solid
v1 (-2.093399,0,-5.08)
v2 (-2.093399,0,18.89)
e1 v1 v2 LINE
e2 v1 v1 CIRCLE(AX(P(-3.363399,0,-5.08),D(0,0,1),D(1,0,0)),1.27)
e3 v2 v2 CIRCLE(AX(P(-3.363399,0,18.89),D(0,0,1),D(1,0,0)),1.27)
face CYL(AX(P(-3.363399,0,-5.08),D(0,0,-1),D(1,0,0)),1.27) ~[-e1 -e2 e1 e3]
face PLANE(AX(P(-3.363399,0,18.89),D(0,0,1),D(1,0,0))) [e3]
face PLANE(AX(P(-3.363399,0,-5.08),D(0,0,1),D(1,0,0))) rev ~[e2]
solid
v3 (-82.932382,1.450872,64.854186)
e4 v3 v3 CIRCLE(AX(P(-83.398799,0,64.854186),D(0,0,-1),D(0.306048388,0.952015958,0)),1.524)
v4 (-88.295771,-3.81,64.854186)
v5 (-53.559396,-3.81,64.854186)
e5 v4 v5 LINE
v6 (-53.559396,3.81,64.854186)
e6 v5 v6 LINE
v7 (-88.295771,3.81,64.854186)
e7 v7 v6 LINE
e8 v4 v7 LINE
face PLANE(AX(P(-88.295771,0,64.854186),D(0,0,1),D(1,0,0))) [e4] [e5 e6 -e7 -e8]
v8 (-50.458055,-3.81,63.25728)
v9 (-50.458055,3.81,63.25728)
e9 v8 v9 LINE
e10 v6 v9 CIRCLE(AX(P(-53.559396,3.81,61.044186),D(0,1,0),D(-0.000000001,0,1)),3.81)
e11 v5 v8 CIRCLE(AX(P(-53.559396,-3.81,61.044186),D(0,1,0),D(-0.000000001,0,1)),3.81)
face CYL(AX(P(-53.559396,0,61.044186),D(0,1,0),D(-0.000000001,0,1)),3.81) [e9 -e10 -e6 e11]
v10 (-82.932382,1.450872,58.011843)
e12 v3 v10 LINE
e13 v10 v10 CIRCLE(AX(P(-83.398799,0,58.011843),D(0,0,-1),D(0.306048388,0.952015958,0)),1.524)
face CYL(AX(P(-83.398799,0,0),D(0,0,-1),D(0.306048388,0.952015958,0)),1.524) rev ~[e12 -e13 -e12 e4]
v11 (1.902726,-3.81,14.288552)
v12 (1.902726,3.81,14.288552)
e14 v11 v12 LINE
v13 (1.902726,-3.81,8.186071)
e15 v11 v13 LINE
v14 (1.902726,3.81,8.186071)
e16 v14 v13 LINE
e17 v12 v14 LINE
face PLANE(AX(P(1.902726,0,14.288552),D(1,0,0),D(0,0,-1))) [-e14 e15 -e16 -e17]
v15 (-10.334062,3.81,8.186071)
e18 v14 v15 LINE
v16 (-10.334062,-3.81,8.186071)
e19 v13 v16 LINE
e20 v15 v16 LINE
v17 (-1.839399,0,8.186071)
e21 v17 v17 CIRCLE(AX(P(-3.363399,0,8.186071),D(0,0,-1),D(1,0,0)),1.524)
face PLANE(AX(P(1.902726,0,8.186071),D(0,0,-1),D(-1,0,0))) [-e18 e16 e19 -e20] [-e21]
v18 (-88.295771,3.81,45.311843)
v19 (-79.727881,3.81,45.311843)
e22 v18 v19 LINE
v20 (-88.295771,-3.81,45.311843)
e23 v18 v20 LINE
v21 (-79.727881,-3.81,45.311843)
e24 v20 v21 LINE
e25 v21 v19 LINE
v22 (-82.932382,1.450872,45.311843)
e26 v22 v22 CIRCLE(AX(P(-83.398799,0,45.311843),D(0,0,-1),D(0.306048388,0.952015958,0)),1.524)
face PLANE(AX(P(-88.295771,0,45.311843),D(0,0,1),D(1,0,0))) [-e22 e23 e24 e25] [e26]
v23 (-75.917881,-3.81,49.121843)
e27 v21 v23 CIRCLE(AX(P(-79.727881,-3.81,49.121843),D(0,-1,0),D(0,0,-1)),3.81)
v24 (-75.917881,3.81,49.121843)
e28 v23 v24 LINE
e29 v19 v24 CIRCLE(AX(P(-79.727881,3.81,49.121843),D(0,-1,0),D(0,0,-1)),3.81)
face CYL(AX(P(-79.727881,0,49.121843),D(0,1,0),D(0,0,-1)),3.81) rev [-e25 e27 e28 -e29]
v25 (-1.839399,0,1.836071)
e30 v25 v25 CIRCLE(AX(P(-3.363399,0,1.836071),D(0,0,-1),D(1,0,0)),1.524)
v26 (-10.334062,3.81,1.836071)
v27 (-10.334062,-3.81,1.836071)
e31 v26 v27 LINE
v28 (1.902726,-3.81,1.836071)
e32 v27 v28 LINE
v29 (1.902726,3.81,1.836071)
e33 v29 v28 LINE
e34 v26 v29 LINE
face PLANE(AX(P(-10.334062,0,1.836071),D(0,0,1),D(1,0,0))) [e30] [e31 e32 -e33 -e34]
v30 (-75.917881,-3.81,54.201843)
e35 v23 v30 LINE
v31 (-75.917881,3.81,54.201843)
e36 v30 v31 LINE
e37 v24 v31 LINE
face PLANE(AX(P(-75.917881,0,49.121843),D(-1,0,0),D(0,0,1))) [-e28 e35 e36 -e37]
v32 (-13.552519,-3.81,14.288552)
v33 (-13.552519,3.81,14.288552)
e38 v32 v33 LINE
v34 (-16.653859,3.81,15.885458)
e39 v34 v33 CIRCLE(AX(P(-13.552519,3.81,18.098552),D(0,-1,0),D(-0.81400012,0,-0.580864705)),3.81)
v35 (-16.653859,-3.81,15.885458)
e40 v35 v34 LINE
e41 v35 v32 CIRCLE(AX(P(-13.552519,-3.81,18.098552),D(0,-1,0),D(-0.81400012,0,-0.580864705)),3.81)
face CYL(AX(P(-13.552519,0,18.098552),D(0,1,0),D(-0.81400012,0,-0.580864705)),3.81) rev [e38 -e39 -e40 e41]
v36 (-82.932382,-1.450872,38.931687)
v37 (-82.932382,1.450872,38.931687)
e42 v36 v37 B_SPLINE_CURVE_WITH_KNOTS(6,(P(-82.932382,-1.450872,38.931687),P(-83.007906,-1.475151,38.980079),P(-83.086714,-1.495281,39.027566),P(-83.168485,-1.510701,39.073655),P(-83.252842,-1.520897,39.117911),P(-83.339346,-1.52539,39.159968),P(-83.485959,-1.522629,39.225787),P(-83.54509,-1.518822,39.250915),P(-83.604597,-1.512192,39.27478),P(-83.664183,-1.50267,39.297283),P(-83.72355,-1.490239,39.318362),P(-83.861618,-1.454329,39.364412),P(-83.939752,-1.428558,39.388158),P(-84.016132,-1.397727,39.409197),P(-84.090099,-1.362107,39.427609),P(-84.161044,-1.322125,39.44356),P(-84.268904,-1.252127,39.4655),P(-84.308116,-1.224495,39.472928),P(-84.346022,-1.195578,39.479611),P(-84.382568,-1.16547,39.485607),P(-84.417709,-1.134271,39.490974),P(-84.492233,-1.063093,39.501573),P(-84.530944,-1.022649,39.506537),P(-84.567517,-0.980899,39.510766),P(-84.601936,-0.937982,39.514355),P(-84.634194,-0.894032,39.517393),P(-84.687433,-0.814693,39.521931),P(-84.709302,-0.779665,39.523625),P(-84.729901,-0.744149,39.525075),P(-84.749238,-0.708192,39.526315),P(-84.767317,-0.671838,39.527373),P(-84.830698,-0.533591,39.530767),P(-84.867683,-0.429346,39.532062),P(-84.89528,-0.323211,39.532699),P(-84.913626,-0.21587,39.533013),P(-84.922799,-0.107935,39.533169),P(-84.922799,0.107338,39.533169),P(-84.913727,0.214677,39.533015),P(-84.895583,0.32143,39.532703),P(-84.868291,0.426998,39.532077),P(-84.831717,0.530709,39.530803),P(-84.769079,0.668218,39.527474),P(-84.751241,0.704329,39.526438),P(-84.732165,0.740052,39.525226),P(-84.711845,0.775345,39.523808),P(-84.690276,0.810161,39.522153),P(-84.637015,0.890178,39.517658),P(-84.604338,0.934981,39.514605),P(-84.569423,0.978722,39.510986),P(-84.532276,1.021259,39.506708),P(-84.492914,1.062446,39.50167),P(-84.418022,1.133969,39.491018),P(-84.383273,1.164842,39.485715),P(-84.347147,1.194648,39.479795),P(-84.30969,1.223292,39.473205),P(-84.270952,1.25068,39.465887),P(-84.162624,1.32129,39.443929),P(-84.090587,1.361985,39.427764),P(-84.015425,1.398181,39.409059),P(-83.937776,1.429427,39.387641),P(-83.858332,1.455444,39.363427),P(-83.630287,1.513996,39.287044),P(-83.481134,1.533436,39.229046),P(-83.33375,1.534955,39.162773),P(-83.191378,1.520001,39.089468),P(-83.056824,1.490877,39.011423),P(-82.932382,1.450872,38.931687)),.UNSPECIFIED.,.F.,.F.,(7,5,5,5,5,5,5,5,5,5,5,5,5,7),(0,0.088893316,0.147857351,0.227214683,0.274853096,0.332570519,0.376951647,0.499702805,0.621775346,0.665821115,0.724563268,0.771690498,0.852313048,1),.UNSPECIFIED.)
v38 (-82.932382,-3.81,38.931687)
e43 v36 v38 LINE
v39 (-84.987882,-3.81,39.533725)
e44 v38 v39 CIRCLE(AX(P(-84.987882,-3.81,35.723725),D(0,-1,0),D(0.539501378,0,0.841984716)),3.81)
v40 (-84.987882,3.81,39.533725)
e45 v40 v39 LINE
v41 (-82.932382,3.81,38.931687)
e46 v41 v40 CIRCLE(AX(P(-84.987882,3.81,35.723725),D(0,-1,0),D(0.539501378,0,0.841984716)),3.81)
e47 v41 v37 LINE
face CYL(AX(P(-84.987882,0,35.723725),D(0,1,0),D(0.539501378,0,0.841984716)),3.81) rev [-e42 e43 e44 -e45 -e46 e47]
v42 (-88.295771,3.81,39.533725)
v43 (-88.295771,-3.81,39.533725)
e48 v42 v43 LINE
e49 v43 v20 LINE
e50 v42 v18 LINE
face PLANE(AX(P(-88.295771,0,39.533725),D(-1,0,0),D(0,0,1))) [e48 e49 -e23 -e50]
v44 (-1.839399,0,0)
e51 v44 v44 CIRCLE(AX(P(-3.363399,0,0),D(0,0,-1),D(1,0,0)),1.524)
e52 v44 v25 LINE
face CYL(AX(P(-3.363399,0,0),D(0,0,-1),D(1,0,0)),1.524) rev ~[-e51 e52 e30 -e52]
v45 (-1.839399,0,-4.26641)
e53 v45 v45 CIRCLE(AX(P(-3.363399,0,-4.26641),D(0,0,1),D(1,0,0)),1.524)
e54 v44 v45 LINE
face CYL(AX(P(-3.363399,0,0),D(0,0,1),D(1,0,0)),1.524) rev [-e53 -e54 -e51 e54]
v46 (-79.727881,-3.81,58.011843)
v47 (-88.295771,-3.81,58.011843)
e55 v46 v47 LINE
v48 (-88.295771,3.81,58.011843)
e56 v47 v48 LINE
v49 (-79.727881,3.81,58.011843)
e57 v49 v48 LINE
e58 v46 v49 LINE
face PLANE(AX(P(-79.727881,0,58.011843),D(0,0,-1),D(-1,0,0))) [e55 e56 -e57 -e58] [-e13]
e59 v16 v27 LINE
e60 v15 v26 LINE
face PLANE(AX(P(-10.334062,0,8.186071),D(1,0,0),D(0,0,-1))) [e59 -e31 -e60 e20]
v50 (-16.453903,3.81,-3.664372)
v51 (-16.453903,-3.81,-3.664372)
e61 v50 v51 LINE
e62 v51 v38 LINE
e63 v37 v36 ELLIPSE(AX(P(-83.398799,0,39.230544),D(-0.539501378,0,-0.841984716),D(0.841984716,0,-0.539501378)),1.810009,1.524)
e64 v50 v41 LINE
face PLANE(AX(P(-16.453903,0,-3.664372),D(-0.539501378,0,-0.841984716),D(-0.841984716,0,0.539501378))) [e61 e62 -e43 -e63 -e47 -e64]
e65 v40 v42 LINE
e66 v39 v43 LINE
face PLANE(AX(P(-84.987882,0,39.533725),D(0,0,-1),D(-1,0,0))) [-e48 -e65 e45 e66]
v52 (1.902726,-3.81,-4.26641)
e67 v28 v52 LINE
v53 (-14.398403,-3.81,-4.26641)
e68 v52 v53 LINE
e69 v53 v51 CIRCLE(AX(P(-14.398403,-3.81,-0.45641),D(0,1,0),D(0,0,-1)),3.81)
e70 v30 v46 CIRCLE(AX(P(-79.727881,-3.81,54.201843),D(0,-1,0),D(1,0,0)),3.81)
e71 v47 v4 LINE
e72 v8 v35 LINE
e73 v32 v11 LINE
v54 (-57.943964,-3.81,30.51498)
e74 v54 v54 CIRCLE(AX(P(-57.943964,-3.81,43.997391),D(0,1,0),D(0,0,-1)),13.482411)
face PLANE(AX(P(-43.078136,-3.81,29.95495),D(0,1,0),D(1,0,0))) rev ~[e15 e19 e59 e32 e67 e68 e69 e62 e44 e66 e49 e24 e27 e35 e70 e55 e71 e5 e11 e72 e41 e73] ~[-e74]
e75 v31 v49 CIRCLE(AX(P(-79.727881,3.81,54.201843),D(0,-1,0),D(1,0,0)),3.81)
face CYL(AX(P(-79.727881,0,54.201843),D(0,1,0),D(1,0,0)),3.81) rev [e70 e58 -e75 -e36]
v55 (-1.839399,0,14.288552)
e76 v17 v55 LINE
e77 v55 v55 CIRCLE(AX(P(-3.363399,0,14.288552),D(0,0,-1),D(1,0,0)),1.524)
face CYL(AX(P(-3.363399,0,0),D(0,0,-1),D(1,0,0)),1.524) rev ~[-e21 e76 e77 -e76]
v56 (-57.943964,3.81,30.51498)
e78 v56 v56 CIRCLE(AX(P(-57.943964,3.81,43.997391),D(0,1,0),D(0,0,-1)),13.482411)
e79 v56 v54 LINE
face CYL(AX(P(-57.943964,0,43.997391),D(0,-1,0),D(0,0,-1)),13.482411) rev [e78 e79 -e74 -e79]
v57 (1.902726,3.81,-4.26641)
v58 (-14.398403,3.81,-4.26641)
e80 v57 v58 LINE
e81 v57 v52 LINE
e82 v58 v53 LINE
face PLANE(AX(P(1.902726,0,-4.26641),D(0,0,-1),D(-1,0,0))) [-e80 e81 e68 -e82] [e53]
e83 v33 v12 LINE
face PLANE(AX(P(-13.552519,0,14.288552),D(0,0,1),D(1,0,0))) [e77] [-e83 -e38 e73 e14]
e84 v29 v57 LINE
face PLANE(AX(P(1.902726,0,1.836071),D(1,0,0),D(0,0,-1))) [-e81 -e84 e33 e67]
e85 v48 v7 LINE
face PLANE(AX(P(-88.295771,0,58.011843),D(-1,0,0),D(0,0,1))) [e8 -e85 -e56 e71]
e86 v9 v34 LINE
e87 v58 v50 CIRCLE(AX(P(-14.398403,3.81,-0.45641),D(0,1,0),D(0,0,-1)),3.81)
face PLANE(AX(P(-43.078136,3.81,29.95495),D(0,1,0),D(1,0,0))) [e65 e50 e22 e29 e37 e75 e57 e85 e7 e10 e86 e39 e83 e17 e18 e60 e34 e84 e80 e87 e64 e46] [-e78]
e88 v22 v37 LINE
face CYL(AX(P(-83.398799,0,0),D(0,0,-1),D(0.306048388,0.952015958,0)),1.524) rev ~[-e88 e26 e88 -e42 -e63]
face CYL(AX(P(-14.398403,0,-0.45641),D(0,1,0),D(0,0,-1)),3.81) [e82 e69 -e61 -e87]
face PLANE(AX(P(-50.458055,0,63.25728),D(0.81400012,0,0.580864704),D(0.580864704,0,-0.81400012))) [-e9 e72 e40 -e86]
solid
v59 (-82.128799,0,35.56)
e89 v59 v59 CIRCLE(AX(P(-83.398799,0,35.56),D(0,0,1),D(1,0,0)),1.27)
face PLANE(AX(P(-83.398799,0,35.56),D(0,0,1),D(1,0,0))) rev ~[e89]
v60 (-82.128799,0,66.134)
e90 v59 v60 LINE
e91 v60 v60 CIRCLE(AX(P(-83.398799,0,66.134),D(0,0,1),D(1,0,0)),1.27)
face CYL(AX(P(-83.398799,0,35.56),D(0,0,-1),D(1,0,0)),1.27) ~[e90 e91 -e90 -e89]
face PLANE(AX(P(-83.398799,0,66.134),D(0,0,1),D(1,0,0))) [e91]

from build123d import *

# Parameters (mm, degrees)
SKETCH21_R     = 13.482411093
EXTRUDE1_DEPTH = 3.81
SKETCH22_R     = 1.524
EXTRUDE2_DEPTH = 64.8716
EXTRUDE3_START = 35.56
SKETCH23_R     = 1.27
EXTRUDE3_DEPTH = 30.574
EXTRUDE4_START = -5.08
SKETCH23_3_R   = 1.27
EXTRUDE4_DEPTH = 23.97


with BuildPart() as part:
    # Sketch21 → Extrude1 (new, symmetric)
    with BuildSketch(Plane(origin=(0, 0, 0), x_dir=(1, 0, 0), z_dir=(0, 1, 0))):
        with BuildLine():
            Line((-88.295770636, -45.311842545), (-79.727880739, -45.311842545))
            ThreePointArc((-79.727880739, -45.311842545), (-77.033803903, -46.427765709), (-75.917880739, -49.121842545))
            Line((-75.917880739, -49.121842545), (-75.917880739, -54.201842545))
            ThreePointArc((-75.917880739, -54.201842545), (-77.033803903, -56.895919382), (-79.727880739, -58.011842545))
            Line((-79.727880739, -58.011842545), (-88.295770636, -58.011842545))
            Line((-88.295770636, -58.011842545), (-88.295770636, -64.854185734))
            Line((-88.295770636, -64.854185734), (-70.51372875, -64.854185734))
            Line((-70.51372875, -64.854185734), (-53.559395609, -64.854185734))
            ThreePointArc((-53.559395609, -64.854185734), (-51.815232505, -64.431514338), (-50.458055152, -63.257280258))
            Line((-50.458055152, -63.257280258), (-16.653859035, -15.885457734))
            ThreePointArc((-16.653859035, -15.885457734), (-15.296681682, -14.711223655), (-13.552518579, -14.288552258))
            Line((-13.552518579, -14.288552258), (1.902726124, -14.288552258))
            Line((1.902726124, -14.288552258), (1.902726124, -8.186070905))
            Line((1.902726124, -8.186070905), (-10.334062324, -8.186070905))
            Line((-10.334062324, -8.186070905), (-10.334062324, -1.836070905))
            Line((-10.334062324, -1.836070905), (1.902726124, -1.836070905))
            Line((1.902726124, -1.836070905), (1.902726124, 4.266410449))
            Line((1.902726124, 4.266410449), (-14.39840261, 4.266410449))
            ThreePointArc((-14.39840261, 4.266410449), (-15.469328765, 4.112804461), (-16.453902861, 3.664372219))
            Line((-16.453902861, 3.664372219), (-82.93238161, -38.931687082))
            ThreePointArc((-82.93238161, -38.931687082), (-83.916955706, -39.380119324), (-84.987881861, -39.533725312))
            Line((-84.987881861, -39.533725312), (-88.295770636, -39.533725312))
            Line((-88.295770636, -39.533725312), (-88.295770636, -45.311842545))
        make_face()
        with Locations((-57.943964273, -43.997390879)):
            Circle(SKETCH21_R, mode=Mode.SUBTRACT)
    extrude(amount=EXTRUDE1_DEPTH, both=True)

    # Sketch22 → Extrude2 (cut, symmetric)
    with BuildSketch(Plane(origin=(-0.80037255, 0, 0), x_dir=(-1, 0, 0), z_dir=(0, 0, -1))):
        with Locations((2.563026803, 0)):
            Circle(SKETCH22_R)
        with Locations((82.598426803, 0)):
            Circle(SKETCH22_R)
    extrude(amount=EXTRUDE2_DEPTH, both=True, mode=Mode.SUBTRACT)


with BuildPart() as body_2:
    # Sketch23 → Extrude3 (new body)
    with BuildSketch(Plane.XY.offset(EXTRUDE3_START)):
        with Locations((-83.398799353, 0)):
            Circle(SKETCH23_R)
    extrude(amount=EXTRUDE3_DEPTH)


with BuildPart() as body_3:
    # Sketch23<3> → Extrude4 (new body)
    with BuildSketch(Plane.XY.offset(EXTRUDE4_START)):
        with Locations((-3.363399353, 0)):
            Circle(SKETCH23_3_R)
    extrude(amount=EXTRUDE4_DEPTH)


solid = Compound([part.part, body_2.part, body_3.part])
